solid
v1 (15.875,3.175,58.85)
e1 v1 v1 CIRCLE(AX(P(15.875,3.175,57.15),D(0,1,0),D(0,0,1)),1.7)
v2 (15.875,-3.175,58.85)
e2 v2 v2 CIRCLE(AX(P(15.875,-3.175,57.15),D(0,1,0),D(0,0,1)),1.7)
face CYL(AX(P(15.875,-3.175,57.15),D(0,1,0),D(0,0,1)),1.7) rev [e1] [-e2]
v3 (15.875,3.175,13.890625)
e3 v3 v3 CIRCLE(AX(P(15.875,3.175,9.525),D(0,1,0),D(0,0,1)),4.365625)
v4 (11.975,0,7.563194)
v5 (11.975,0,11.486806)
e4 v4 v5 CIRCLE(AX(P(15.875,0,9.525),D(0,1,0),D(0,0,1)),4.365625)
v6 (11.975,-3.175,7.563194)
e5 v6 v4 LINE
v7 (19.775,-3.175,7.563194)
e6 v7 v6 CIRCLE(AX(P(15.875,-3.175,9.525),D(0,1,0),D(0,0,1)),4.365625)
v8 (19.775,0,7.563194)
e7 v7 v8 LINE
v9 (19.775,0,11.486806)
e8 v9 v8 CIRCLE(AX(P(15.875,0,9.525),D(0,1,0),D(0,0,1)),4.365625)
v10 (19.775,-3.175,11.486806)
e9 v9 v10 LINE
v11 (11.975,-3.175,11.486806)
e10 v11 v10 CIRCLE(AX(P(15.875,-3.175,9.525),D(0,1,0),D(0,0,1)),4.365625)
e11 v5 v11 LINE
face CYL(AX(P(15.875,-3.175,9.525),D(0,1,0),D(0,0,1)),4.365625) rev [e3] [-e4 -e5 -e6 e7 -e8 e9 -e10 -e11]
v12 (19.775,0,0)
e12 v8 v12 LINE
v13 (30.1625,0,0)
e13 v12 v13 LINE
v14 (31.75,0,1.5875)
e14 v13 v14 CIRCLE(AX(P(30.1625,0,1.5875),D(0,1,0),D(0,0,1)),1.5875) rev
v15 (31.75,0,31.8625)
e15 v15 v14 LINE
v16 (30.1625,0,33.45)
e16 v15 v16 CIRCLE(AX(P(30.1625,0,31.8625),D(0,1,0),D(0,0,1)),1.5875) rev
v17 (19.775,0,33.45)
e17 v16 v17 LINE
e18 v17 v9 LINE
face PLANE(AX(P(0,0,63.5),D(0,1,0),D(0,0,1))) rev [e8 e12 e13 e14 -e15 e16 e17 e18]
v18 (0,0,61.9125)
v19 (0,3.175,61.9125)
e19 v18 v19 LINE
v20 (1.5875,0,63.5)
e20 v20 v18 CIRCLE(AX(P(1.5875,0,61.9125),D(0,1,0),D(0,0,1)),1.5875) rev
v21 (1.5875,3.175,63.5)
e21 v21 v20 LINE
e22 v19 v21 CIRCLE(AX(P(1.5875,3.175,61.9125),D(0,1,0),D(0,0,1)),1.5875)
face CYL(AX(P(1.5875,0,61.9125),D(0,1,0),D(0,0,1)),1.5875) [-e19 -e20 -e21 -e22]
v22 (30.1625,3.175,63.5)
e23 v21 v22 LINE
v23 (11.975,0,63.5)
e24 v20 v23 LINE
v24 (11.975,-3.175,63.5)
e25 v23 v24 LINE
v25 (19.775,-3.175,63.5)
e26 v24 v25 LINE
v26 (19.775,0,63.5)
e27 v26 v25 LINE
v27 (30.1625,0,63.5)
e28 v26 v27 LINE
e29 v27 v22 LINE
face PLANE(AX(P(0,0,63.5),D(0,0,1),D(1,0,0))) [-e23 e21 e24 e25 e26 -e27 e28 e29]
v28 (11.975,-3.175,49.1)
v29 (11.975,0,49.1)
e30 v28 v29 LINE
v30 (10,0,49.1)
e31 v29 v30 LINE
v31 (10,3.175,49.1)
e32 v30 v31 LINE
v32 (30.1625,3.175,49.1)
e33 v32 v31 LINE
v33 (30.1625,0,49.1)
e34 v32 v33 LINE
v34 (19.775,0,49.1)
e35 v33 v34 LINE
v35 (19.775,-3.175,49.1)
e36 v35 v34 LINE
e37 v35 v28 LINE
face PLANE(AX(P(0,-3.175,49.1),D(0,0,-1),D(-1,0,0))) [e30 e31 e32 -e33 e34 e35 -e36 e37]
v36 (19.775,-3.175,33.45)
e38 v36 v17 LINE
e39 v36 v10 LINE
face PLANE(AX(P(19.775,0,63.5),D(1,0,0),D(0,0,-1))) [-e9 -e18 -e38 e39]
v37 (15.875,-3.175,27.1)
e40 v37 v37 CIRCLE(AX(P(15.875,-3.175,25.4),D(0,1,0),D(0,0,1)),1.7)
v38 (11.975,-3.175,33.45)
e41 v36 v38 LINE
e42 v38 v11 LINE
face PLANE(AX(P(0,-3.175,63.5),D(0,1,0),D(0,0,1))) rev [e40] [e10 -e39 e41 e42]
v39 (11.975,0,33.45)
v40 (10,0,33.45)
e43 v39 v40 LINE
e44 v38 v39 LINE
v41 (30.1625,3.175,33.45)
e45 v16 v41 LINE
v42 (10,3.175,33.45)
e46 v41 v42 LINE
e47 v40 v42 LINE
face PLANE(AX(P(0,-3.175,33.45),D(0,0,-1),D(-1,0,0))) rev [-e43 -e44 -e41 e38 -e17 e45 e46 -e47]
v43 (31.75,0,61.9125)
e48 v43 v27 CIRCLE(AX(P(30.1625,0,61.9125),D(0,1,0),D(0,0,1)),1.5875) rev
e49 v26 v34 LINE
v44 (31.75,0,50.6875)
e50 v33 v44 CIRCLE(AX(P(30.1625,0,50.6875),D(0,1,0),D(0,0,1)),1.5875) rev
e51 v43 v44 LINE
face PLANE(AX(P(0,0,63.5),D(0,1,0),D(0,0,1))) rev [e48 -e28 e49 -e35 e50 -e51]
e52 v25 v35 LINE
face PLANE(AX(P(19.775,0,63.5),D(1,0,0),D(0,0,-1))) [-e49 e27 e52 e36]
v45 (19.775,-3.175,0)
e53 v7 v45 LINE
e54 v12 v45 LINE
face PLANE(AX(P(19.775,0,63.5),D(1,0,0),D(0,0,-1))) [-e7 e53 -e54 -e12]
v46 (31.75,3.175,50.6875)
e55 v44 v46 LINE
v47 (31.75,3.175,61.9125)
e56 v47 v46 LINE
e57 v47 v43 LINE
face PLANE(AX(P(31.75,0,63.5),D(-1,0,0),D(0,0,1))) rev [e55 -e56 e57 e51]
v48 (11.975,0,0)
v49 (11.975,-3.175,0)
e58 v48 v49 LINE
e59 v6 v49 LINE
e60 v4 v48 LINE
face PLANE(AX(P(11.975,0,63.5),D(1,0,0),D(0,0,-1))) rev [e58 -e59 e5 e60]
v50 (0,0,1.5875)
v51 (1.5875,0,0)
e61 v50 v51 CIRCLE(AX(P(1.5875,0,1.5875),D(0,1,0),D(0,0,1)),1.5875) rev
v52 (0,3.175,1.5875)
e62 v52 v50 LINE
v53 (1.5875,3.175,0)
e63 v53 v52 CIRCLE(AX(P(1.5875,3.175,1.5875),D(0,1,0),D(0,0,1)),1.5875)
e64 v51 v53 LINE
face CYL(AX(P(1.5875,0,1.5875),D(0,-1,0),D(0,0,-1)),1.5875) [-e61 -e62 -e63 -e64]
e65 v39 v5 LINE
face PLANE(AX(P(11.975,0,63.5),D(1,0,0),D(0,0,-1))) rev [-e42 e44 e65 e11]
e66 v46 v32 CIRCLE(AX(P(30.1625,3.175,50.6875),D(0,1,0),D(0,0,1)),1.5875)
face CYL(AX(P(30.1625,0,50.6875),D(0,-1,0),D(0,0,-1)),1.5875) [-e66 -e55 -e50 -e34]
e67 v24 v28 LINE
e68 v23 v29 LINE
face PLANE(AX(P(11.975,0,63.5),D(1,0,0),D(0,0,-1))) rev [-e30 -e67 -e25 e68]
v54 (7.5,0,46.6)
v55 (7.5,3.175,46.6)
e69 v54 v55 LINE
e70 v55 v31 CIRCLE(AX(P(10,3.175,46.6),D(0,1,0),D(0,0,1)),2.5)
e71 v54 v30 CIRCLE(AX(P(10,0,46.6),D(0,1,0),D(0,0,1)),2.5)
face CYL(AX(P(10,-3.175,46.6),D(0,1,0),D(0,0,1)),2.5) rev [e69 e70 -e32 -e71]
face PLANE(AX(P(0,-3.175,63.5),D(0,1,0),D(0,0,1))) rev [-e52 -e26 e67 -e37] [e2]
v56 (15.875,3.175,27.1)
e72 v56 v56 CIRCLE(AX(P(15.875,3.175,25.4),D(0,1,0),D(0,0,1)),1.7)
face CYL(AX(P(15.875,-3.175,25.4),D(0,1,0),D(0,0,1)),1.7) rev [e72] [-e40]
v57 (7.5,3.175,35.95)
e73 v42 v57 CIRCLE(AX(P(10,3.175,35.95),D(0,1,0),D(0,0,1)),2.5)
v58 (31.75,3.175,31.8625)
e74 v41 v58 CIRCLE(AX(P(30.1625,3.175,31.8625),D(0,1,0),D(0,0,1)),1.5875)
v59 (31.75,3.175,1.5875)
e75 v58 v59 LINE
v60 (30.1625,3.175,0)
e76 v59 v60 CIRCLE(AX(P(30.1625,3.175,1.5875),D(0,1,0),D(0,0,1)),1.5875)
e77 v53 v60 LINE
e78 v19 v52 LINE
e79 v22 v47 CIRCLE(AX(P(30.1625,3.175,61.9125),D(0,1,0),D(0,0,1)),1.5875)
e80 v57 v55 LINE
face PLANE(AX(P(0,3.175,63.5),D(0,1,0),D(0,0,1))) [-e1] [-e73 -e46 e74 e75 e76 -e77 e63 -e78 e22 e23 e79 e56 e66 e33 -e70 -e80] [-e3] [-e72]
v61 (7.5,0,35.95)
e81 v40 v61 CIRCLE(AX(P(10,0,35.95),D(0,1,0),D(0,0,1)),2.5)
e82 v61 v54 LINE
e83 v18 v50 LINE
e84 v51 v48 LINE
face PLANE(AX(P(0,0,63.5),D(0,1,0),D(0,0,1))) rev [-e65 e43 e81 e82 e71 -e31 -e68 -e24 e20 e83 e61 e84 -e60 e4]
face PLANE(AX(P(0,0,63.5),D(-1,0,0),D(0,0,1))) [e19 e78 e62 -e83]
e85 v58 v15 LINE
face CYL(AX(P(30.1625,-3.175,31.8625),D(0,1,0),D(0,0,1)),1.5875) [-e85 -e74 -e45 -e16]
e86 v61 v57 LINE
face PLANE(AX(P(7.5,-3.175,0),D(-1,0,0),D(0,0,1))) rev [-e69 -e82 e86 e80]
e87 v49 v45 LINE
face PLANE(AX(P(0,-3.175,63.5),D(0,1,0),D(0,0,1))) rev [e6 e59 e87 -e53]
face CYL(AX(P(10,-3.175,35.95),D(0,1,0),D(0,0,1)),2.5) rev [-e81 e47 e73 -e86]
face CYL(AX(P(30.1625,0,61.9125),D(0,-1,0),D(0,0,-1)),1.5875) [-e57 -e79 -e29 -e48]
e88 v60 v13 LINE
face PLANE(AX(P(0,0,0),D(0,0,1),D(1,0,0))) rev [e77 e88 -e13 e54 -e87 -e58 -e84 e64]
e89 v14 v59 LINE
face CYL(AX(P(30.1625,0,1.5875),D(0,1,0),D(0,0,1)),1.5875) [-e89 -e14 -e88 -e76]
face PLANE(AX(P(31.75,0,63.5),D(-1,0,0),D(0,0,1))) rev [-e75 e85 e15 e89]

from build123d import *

# Parameters (mm, degrees)
SKETCH3_W           = 7.8
SKETCH3_H           = 3.175
SKETCH3_W_2         = 31.75
BOSS_EXTRUDE2_DEPTH = 63.5
SKETCH4_R           = 4.365625
SKETCH4_R_2         = 1.7
CUT_EXTRUDE1_DEPTH  = 7.35
FILLET1_R           = 1.5875


with BuildPart() as part:
    # Sketch3 → Boss-Extrude2 (new body)
    with BuildSketch(Plane.XY):
        with Locations((15.875, -1.5875)):
            Rectangle(SKETCH3_W, SKETCH3_H)
        with Locations((15.875, 1.5875)):
            Rectangle(SKETCH3_W_2, SKETCH3_H)
    extrude(amount=BOSS_EXTRUDE2_DEPTH)

    # Sketch4 → Cut-Extrude1 (cut, through all)
    with BuildSketch(Plane(origin=(0, 3.175, 0), x_dir=(1, 0, 0), z_dir=(0, 1, 0))):
        with BuildLine():
            Line((10, -49.1), (31.75, -49.1))
            Line((31.75, -49.1), (31.75, -33.45))
            Line((31.75, -33.45), (10, -33.45))
            ThreePointArc((10, -33.45), (8.232233047, -34.182233047), (7.5, -35.95))
            Line((7.5, -35.95), (7.5, -46.6))
            ThreePointArc((7.5, -46.6), (8.232233047, -48.367766953), (10, -49.1))
        make_face()
        with Locations((15.875, -9.525)):
            Circle(SKETCH4_R)
        with Locations((15.875, -25.4)):
            Circle(SKETCH4_R_2)
        with Locations((15.875, -57.15)):
            Circle(SKETCH4_R_2)
    extrude(amount=-CUT_EXTRUDE1_DEPTH, mode=Mode.SUBTRACT)

    # Fillet1
    fillet1_edges = [part.edges().sort_by_distance(p)[0] for p in [
        (0, 1.5875, 0),
        (31.75, 1.5875, 0),
        (31.75, 1.5875, 63.5),
        (0, 1.5875, 63.5),
        (31.75, 1.5875, 33.45),
        (31.75, 1.5875, 49.1),
    ]]
    fillet(fillet1_edges, radius=FILLET1_R)


solid = part.part
